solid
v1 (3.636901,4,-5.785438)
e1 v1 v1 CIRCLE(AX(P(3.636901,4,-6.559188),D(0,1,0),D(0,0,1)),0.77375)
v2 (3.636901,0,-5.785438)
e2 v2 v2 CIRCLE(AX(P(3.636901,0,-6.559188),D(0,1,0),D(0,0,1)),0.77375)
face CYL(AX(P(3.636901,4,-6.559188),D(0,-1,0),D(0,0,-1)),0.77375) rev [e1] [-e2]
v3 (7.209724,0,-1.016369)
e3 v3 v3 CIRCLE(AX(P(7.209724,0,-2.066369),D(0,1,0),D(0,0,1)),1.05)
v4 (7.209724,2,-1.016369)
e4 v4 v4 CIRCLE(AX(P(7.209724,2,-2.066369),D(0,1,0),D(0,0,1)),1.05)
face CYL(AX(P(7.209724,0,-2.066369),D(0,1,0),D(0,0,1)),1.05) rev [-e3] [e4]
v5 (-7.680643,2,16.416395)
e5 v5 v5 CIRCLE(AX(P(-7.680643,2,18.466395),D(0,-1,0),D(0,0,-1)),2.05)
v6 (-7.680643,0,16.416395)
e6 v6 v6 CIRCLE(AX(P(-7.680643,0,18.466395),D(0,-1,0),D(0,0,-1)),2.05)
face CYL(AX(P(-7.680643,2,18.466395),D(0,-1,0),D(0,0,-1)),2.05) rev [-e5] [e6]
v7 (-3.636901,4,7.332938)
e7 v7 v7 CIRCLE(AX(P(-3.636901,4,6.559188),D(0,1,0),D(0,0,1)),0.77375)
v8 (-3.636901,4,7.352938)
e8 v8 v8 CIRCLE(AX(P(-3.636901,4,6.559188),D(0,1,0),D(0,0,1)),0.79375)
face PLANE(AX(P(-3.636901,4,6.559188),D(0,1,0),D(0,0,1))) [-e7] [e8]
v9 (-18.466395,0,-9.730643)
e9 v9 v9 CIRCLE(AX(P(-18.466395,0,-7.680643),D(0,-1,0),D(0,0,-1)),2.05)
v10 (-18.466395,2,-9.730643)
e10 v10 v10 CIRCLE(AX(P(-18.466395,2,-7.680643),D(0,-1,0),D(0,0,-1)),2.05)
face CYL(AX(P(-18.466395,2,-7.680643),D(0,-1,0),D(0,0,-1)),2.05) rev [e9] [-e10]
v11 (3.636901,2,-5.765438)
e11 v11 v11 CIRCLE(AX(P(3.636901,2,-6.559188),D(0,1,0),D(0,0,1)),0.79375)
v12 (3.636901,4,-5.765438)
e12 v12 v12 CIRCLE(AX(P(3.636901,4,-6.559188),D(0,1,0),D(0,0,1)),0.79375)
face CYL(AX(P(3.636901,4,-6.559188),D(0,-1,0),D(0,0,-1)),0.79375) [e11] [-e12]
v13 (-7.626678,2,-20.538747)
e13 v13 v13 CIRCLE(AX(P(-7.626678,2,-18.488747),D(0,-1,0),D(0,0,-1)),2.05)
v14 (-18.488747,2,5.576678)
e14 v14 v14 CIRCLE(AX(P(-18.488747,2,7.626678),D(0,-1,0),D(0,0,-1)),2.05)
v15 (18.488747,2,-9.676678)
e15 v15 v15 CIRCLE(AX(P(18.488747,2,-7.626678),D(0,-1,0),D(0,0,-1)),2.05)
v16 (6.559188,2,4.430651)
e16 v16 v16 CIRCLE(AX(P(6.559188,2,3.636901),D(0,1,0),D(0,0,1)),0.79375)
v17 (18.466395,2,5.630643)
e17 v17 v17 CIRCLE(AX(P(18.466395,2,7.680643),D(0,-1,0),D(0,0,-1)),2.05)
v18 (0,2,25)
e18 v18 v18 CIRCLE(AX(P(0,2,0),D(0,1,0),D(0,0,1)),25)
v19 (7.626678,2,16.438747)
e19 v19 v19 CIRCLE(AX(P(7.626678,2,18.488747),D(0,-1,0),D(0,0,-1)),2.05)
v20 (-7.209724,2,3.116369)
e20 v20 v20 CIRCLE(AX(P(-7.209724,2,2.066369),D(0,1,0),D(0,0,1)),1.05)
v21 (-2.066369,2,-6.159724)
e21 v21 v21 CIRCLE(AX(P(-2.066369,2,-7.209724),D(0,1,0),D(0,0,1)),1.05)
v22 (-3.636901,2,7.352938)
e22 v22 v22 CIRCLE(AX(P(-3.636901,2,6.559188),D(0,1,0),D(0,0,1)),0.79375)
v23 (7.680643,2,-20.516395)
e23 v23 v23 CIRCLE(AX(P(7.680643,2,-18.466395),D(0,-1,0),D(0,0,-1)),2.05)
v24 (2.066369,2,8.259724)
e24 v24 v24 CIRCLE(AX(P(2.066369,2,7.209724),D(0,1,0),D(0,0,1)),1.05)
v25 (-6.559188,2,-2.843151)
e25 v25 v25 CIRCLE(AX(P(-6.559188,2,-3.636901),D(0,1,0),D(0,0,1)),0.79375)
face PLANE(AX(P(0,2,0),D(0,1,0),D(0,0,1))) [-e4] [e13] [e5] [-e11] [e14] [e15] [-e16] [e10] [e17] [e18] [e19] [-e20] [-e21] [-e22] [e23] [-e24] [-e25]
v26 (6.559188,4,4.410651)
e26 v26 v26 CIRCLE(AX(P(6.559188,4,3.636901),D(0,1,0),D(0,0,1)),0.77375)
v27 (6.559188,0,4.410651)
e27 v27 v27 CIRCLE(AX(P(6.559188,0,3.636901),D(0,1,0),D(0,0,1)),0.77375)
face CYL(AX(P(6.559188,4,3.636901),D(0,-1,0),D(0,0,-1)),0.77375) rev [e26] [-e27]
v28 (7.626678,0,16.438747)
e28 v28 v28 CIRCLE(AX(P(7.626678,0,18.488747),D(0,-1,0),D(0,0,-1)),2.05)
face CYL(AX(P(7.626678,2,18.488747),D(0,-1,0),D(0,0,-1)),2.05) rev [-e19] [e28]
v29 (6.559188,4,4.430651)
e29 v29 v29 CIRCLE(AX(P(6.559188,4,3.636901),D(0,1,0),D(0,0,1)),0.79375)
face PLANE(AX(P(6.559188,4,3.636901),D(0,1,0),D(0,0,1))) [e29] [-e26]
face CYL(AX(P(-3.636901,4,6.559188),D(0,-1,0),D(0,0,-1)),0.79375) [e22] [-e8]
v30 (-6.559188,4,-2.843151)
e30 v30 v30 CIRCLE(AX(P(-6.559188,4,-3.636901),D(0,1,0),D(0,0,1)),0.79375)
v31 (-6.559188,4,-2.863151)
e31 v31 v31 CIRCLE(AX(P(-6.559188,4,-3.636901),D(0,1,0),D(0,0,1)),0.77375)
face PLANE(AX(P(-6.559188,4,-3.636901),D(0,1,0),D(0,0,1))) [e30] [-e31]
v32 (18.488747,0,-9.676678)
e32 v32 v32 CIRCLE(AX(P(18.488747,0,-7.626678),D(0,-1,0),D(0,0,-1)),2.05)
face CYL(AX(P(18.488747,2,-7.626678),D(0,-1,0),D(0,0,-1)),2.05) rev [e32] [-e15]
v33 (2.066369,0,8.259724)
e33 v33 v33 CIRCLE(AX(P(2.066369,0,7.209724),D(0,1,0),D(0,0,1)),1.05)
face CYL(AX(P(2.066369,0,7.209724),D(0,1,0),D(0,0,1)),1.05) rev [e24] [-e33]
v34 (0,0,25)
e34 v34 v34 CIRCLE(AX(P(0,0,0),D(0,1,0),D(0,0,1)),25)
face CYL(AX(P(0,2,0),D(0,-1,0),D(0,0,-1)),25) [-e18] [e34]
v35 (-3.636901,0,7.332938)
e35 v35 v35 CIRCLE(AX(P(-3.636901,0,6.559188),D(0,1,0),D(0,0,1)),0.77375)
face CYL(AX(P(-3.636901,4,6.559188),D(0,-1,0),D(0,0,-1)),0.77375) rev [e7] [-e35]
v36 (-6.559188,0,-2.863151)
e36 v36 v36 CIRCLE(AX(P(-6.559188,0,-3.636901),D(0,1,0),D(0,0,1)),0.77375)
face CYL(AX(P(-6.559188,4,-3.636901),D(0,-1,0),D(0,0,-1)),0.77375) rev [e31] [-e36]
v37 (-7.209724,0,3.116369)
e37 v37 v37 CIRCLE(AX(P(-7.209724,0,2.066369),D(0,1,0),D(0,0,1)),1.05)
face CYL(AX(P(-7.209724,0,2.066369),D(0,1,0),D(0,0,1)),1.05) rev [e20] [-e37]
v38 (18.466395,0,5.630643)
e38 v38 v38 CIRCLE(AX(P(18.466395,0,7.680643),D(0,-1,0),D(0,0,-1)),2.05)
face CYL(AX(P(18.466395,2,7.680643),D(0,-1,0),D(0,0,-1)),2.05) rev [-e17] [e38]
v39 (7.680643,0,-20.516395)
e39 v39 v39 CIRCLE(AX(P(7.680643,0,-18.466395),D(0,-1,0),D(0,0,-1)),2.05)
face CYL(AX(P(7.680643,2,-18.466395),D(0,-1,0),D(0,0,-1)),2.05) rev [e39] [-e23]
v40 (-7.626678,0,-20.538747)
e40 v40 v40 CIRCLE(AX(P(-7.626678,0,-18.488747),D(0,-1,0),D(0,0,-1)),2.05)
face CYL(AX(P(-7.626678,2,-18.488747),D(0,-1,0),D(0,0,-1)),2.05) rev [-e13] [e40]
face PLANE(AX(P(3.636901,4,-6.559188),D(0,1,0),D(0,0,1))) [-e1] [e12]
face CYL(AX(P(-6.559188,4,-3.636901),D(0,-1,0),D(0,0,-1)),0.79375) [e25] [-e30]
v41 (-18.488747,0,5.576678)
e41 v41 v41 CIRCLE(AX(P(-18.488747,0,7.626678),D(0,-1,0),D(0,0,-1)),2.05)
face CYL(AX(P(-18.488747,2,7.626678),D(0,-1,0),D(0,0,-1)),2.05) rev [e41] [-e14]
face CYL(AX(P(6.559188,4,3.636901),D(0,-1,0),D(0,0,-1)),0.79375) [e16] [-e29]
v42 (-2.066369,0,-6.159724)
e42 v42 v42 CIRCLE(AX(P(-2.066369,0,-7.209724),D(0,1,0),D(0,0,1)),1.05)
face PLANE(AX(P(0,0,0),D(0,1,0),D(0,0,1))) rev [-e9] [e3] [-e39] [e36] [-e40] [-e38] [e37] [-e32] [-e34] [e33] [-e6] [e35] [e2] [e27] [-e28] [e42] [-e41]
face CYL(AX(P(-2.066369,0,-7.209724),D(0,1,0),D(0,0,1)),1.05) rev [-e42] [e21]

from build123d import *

# Parameters (mm, degrees)
SKETCH1_R           = 25
BOSS_EXTRUDE1_DEPTH = 2
SKETCH2_R           = 1.05
SKETCH2_R_2         = 0.79375
CUT_EXTRUDE1_DEPTH  = 36.411862419
SKETCH4_R           = 2.05
CUT_EXTRUDE3_DEPTH  = 36.411862419
BOSS_EXTRUDE2_START = 4
SKETCH7_R           = 0.79375
SKETCH7_R_2         = 0.77375
BOSS_EXTRUDE2_DEPTH = 4


with BuildPart() as part:
    # Sketch1 → Boss-Extrude1 (new body)
    with BuildSketch(Plane(origin=(0, 0, 0), x_dir=(1, 0, 0), z_dir=(0, 1, 0))):
        with Locations(Location((0, 0, 0), (0, 0, 270))):
            Circle(SKETCH1_R)
    extrude(amount=BOSS_EXTRUDE1_DEPTH)

    # Sketch2 → Cut-Extrude1 (cut, through all)
    with BuildSketch(Plane(origin=(0, 2, 0), x_dir=(1, 0, 0), z_dir=(0, 1, 0))):
        with Locations(Location((-2.066368974, 7.209723938, 0), (0, 0, 270))):
            Circle(SKETCH2_R)
        with Locations(Location((7.209723938, 2.066368974, 0), (0, 0, 270))):
            Circle(SKETCH2_R)
        with Locations(Location((2.066368974, -7.209723938, 0), (0, 0, 270))):
            Circle(SKETCH2_R)
        with Locations(Location((-7.209723938, -2.066368974, 0), (0, 0, 270))):
            Circle(SKETCH2_R)
        with Locations(Location((-3.636901173, -6.559188201, 0), (0, 0, 270))):
            Circle(SKETCH2_R_2)
        with Locations(Location((-6.559188201, 3.636901173, 0), (0, 0, 270))):
            Circle(SKETCH2_R_2)
        with Locations(Location((3.636901173, 6.559188201, 0), (0, 0, 270))):
            Circle(SKETCH2_R_2)
        with Locations(Location((6.559188201, -3.636901173, 0), (0, 0, 270))):
            Circle(SKETCH2_R_2)
    extrude(amount=-CUT_EXTRUDE1_DEPTH, mode=Mode.SUBTRACT)

    # Sketch4 → Cut-Extrude3 (cut, through all)
    with BuildSketch(Plane.XZ):
        with Locations(Location((-18.488747294, 7.626678405, 0), (0, 0, 270))):
            Circle(SKETCH4_R)
        with Locations(Location((-7.680642569, 18.466394605, 0), (0, 0, 270))):
            Circle(SKETCH4_R)
        with Locations(Location((7.626678405, 18.488747294, 0), (0, 0, 270))):
            Circle(SKETCH4_R)
        with Locations(Location((18.466394605, 7.680642569, 0), (0, 0, 270))):
            Circle(SKETCH4_R)
        with Locations(Location((18.488747294, -7.626678405, 0), (0, 0, 270))):
            Circle(SKETCH4_R)
        with Locations(Location((7.680642569, -18.466394605, 0), (0, 0, 270))):
            Circle(SKETCH4_R)
        with Locations(Location((-7.626678405, -18.488747294, 0), (0, 0, 270))):
            Circle(SKETCH4_R)
        with Locations(Location((-18.466394605, -7.680642569, 0), (0, 0, 270))):
            Circle(SKETCH4_R)
    extrude(amount=-CUT_EXTRUDE3_DEPTH, mode=Mode.SUBTRACT)

    # Sketch7 → Boss-Extrude2 (add)
    # profile 1 of 4: a face of its own
    with BuildSketch(Plane(origin=(0, 0, 0), x_dir=(1, 0, 0), z_dir=(0, 1, 0)).offset(BOSS_EXTRUDE2_START)):
        with Locations(Location((-3.636901173, -6.559188201, 0), (0, 0, 270))):
            Circle(SKETCH7_R)
        with Locations(Location((-3.636901173, -6.559188201, 0), (0, 0, 270))):
            Circle(SKETCH7_R_2, mode=Mode.SUBTRACT)
    # profile 2 of 4: a face of its own
    with BuildSketch(Plane(origin=(0, 0, 0), x_dir=(1, 0, 0), z_dir=(0, 1, 0)).offset(BOSS_EXTRUDE2_START)):
        with Locations(Location((6.559188201, -3.636901173, 0), (0, 0, 270))):
            Circle(SKETCH7_R)
        with Locations(Location((6.559188201, -3.636901173, 0), (0, 0, 270))):
            Circle(SKETCH7_R_2, mode=Mode.SUBTRACT)
    # profile 3 of 4: a face of its own
    with BuildSketch(Plane(origin=(0, 0, 0), x_dir=(1, 0, 0), z_dir=(0, 1, 0)).offset(BOSS_EXTRUDE2_START)):
        with Locations(Location((-6.559188201, 3.636901173, 0), (0, 0, 270))):
            Circle(SKETCH7_R)
        with Locations(Location((-6.559188201, 3.636901173, 0), (0, 0, 270))):
            Circle(SKETCH7_R_2, mode=Mode.SUBTRACT)
    # profile 4 of 4: a face of its own
    with BuildSketch(Plane(origin=(0, 0, 0), x_dir=(1, 0, 0), z_dir=(0, 1, 0)).offset(BOSS_EXTRUDE2_START)):
        with Locations(Location((3.636901173, 6.559188201, 0), (0, 0, 270))):
            Circle(SKETCH7_R)
        with Locations(Location((3.636901173, 6.559188201, 0), (0, 0, 270))):
            Circle(SKETCH7_R_2, mode=Mode.SUBTRACT)
    extrude(amount=-BOSS_EXTRUDE2_DEPTH)


solid = part.part
